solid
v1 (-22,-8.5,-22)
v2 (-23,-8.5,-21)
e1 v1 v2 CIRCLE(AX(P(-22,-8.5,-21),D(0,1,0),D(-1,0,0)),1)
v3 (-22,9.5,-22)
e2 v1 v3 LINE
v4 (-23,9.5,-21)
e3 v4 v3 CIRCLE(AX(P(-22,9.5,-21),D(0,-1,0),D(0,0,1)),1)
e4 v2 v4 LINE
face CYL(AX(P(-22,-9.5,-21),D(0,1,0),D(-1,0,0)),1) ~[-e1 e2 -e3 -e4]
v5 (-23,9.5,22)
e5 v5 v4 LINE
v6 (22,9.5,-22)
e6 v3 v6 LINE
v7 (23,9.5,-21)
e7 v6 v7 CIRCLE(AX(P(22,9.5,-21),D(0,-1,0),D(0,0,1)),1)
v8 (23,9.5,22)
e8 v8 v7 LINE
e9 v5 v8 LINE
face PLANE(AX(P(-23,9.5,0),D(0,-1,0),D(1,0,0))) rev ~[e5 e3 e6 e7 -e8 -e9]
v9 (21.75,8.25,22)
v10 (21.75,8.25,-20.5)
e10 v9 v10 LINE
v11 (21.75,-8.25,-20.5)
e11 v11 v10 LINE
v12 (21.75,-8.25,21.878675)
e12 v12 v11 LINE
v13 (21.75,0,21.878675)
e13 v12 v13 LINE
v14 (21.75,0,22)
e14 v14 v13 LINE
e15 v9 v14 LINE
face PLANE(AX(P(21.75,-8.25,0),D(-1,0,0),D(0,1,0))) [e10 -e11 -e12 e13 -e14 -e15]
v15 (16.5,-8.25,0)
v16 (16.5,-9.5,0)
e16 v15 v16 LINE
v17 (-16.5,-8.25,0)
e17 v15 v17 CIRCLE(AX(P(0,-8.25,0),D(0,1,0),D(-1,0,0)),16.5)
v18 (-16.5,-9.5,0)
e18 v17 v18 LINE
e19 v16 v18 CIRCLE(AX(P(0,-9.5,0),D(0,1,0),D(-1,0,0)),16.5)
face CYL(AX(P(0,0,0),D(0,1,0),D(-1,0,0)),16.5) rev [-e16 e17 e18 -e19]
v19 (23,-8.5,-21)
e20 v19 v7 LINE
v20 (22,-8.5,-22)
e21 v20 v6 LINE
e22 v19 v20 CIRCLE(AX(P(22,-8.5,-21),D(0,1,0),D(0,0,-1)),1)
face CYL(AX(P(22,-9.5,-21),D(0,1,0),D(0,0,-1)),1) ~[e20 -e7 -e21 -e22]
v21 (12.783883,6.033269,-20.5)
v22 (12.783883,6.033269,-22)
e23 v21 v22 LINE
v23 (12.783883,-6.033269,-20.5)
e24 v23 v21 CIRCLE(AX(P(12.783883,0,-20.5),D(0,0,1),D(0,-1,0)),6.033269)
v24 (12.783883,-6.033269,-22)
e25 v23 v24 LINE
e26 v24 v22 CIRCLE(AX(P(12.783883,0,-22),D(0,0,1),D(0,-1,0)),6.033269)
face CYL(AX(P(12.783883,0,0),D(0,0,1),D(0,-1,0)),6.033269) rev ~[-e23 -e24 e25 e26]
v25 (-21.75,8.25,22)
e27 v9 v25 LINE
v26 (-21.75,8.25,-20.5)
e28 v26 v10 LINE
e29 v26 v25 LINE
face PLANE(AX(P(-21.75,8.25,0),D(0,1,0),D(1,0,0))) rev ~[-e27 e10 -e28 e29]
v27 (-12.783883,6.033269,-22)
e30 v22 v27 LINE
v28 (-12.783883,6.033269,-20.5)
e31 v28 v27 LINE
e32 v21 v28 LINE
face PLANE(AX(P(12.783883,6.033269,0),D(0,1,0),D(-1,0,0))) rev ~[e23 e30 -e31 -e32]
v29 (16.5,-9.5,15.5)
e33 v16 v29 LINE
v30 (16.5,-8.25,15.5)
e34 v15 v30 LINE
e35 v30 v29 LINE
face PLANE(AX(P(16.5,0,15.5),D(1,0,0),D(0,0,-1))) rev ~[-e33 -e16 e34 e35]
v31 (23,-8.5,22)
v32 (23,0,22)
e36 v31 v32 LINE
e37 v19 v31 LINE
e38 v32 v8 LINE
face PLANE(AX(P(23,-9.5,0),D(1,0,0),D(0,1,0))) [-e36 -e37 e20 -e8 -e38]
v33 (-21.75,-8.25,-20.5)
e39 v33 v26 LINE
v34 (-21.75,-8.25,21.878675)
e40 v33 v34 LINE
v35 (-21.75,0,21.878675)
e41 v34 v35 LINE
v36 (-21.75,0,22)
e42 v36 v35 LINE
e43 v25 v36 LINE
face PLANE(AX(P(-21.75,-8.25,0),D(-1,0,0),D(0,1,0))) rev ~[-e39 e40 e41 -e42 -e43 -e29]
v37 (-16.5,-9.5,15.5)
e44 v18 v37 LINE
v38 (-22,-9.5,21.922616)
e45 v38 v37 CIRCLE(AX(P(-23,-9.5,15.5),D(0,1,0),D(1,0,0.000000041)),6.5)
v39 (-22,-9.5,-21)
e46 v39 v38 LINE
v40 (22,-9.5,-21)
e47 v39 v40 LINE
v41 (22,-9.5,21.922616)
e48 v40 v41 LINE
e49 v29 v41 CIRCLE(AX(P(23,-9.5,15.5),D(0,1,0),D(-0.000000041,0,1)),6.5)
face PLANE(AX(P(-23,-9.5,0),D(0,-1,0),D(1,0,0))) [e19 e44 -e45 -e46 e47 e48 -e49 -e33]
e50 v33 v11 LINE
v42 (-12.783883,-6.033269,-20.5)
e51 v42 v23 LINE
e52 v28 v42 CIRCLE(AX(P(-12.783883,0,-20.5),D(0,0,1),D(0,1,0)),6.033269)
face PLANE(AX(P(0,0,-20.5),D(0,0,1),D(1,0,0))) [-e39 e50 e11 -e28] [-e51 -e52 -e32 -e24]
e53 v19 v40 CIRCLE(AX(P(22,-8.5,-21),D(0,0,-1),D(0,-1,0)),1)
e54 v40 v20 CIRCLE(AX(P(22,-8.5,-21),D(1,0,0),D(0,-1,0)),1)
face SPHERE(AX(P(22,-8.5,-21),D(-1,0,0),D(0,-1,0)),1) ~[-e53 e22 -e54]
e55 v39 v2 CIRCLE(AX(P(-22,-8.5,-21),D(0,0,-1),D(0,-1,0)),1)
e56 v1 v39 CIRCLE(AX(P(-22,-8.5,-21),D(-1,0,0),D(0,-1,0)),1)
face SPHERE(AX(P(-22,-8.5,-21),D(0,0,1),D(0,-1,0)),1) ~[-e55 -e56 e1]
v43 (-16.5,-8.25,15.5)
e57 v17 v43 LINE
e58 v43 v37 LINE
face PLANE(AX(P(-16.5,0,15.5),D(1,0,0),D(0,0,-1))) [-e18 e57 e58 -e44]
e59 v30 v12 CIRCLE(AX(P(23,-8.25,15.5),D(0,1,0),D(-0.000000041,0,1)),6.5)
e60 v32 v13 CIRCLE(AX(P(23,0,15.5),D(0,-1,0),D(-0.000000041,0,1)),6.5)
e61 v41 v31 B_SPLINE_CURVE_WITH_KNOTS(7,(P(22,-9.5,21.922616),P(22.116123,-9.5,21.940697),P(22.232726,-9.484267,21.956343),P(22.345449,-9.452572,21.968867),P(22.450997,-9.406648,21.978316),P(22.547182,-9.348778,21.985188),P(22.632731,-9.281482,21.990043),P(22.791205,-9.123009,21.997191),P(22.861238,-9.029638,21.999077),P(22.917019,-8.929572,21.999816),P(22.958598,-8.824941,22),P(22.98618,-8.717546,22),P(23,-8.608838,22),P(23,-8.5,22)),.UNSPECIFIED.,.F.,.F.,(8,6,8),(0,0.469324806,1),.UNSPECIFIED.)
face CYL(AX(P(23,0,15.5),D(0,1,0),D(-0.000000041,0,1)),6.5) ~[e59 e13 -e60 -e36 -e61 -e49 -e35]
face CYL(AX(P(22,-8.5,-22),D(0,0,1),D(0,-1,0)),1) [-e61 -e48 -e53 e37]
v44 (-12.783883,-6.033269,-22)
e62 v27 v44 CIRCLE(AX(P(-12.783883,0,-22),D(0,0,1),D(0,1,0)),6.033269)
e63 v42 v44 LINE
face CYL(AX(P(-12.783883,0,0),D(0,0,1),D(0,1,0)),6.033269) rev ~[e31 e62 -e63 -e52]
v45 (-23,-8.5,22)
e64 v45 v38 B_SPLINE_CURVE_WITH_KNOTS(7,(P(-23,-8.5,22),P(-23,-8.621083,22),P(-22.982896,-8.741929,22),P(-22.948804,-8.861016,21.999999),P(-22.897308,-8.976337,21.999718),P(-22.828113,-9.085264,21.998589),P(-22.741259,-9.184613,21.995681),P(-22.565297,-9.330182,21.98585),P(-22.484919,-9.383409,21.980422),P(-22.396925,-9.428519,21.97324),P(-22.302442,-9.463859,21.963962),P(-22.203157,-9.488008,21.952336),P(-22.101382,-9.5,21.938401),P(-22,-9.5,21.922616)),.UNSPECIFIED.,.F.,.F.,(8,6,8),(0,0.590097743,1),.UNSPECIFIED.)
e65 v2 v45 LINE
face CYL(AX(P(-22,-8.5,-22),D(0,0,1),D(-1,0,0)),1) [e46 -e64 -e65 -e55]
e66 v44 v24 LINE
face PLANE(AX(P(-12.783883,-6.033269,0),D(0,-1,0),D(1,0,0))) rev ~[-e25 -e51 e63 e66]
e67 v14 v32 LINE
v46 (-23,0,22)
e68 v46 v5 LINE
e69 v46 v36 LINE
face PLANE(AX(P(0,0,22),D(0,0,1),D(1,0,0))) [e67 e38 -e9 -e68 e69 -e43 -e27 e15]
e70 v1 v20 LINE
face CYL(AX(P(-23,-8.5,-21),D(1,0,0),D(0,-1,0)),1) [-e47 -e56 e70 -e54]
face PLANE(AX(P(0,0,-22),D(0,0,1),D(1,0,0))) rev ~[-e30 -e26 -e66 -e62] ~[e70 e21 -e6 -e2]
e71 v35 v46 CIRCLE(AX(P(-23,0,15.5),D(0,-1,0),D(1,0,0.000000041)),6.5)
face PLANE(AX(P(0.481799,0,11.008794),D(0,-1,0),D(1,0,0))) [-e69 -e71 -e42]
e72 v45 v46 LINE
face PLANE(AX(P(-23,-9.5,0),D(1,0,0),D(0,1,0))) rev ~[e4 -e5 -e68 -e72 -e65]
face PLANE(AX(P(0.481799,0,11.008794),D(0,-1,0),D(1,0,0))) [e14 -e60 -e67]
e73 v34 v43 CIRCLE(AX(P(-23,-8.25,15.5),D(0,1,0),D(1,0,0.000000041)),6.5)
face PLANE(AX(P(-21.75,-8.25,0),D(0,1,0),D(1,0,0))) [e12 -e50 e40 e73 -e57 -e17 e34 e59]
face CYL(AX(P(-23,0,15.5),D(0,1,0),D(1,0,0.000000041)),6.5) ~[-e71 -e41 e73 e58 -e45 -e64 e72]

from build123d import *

# Parameters (mm, degrees)
SKETCH_W             = 46
SKETCH_H             = 19
PAD_DEPTH            = 22
POCKET_DEPTH         = 9.501
SKETCH002_W          = 43.5
SKETCH002_H          = 16.5
POCKET001_DEPTH      = 20.5
POCKET001_DEPTH_BACK = -24
POCKET002_DEPTH      = 22.001
FILLET_R             = 1


with BuildPart() as part:
    # Sketch → Pad (new body, symmetric)
    with BuildSketch(Plane.XY):
        Rectangle(SKETCH_W, SKETCH_H)
    extrude(amount=PAD_DEPTH, both=True)

    # Sketch001 → Pocket (cut, through all)
    with BuildSketch(Plane.XZ):
        with BuildLine():
            ThreePointArc((-16.5, 0), (0, -16.5), (16.5, 0))
            Line((16.5, 15.5), (16.5, 0))
            ThreePointArc((23, 22), (18.403806, 20.096194), (16.5, 15.5))
            Line((25.719499, 22), (23, 22))
            Line((25.719499, 26.595188), (25.719499, 22))
            Line((-24.273219, 26.595188), (25.719499, 26.595188))
            Line((-24.273219, 22), (-24.273219, 26.595188))
            Line((-23, 22), (-24.273219, 22))
            ThreePointArc((-16.5, 15.5), (-18.403806, 20.096194), (-23, 22))
            Line((-16.5, 15.5), (-16.5, 0))
        make_face()
    extrude(amount=POCKET_DEPTH, mode=Mode.SUBTRACT)

    # Sketch002 → Pocket001 (cut, two sides)
    with BuildSketch(Plane.XY) as pocket001_sk:
        Rectangle(SKETCH002_W, SKETCH002_H)
    extrude(amount=-POCKET001_DEPTH, mode=Mode.SUBTRACT)
    extrude(pocket001_sk.sketch, amount=-POCKET001_DEPTH_BACK, mode=Mode.SUBTRACT)

    # Sketch003 → Pocket002 (cut, through all)
    with BuildSketch(Plane.XY):
        with BuildLine():
            ThreePointArc((-12.783883, 6.033269), (-18.817152, 0), (-12.783883, -6.033269))
            Line((-12.783883, -6.033269), (12.783883, -6.033269))
            ThreePointArc((12.783883, -6.033269), (18.817152, 0), (12.783883, 6.033269))
            Line((12.783883, 6.033269), (-12.783883, 6.033269))
        make_face()
    extrude(amount=-POCKET002_DEPTH, mode=Mode.SUBTRACT)

    # Fillet
    fillet_edges = [part.edges().sort_by_distance(p)[0] for p in [
        (-23, -9.5, 0),
        (0, -9.5, -22),
        (23, -9.5, 0),
        (23, 0, -22),
        (-23, 0, -22),
    ]]
    fillet(fillet_edges, radius=FILLET_R)


solid = part.part
